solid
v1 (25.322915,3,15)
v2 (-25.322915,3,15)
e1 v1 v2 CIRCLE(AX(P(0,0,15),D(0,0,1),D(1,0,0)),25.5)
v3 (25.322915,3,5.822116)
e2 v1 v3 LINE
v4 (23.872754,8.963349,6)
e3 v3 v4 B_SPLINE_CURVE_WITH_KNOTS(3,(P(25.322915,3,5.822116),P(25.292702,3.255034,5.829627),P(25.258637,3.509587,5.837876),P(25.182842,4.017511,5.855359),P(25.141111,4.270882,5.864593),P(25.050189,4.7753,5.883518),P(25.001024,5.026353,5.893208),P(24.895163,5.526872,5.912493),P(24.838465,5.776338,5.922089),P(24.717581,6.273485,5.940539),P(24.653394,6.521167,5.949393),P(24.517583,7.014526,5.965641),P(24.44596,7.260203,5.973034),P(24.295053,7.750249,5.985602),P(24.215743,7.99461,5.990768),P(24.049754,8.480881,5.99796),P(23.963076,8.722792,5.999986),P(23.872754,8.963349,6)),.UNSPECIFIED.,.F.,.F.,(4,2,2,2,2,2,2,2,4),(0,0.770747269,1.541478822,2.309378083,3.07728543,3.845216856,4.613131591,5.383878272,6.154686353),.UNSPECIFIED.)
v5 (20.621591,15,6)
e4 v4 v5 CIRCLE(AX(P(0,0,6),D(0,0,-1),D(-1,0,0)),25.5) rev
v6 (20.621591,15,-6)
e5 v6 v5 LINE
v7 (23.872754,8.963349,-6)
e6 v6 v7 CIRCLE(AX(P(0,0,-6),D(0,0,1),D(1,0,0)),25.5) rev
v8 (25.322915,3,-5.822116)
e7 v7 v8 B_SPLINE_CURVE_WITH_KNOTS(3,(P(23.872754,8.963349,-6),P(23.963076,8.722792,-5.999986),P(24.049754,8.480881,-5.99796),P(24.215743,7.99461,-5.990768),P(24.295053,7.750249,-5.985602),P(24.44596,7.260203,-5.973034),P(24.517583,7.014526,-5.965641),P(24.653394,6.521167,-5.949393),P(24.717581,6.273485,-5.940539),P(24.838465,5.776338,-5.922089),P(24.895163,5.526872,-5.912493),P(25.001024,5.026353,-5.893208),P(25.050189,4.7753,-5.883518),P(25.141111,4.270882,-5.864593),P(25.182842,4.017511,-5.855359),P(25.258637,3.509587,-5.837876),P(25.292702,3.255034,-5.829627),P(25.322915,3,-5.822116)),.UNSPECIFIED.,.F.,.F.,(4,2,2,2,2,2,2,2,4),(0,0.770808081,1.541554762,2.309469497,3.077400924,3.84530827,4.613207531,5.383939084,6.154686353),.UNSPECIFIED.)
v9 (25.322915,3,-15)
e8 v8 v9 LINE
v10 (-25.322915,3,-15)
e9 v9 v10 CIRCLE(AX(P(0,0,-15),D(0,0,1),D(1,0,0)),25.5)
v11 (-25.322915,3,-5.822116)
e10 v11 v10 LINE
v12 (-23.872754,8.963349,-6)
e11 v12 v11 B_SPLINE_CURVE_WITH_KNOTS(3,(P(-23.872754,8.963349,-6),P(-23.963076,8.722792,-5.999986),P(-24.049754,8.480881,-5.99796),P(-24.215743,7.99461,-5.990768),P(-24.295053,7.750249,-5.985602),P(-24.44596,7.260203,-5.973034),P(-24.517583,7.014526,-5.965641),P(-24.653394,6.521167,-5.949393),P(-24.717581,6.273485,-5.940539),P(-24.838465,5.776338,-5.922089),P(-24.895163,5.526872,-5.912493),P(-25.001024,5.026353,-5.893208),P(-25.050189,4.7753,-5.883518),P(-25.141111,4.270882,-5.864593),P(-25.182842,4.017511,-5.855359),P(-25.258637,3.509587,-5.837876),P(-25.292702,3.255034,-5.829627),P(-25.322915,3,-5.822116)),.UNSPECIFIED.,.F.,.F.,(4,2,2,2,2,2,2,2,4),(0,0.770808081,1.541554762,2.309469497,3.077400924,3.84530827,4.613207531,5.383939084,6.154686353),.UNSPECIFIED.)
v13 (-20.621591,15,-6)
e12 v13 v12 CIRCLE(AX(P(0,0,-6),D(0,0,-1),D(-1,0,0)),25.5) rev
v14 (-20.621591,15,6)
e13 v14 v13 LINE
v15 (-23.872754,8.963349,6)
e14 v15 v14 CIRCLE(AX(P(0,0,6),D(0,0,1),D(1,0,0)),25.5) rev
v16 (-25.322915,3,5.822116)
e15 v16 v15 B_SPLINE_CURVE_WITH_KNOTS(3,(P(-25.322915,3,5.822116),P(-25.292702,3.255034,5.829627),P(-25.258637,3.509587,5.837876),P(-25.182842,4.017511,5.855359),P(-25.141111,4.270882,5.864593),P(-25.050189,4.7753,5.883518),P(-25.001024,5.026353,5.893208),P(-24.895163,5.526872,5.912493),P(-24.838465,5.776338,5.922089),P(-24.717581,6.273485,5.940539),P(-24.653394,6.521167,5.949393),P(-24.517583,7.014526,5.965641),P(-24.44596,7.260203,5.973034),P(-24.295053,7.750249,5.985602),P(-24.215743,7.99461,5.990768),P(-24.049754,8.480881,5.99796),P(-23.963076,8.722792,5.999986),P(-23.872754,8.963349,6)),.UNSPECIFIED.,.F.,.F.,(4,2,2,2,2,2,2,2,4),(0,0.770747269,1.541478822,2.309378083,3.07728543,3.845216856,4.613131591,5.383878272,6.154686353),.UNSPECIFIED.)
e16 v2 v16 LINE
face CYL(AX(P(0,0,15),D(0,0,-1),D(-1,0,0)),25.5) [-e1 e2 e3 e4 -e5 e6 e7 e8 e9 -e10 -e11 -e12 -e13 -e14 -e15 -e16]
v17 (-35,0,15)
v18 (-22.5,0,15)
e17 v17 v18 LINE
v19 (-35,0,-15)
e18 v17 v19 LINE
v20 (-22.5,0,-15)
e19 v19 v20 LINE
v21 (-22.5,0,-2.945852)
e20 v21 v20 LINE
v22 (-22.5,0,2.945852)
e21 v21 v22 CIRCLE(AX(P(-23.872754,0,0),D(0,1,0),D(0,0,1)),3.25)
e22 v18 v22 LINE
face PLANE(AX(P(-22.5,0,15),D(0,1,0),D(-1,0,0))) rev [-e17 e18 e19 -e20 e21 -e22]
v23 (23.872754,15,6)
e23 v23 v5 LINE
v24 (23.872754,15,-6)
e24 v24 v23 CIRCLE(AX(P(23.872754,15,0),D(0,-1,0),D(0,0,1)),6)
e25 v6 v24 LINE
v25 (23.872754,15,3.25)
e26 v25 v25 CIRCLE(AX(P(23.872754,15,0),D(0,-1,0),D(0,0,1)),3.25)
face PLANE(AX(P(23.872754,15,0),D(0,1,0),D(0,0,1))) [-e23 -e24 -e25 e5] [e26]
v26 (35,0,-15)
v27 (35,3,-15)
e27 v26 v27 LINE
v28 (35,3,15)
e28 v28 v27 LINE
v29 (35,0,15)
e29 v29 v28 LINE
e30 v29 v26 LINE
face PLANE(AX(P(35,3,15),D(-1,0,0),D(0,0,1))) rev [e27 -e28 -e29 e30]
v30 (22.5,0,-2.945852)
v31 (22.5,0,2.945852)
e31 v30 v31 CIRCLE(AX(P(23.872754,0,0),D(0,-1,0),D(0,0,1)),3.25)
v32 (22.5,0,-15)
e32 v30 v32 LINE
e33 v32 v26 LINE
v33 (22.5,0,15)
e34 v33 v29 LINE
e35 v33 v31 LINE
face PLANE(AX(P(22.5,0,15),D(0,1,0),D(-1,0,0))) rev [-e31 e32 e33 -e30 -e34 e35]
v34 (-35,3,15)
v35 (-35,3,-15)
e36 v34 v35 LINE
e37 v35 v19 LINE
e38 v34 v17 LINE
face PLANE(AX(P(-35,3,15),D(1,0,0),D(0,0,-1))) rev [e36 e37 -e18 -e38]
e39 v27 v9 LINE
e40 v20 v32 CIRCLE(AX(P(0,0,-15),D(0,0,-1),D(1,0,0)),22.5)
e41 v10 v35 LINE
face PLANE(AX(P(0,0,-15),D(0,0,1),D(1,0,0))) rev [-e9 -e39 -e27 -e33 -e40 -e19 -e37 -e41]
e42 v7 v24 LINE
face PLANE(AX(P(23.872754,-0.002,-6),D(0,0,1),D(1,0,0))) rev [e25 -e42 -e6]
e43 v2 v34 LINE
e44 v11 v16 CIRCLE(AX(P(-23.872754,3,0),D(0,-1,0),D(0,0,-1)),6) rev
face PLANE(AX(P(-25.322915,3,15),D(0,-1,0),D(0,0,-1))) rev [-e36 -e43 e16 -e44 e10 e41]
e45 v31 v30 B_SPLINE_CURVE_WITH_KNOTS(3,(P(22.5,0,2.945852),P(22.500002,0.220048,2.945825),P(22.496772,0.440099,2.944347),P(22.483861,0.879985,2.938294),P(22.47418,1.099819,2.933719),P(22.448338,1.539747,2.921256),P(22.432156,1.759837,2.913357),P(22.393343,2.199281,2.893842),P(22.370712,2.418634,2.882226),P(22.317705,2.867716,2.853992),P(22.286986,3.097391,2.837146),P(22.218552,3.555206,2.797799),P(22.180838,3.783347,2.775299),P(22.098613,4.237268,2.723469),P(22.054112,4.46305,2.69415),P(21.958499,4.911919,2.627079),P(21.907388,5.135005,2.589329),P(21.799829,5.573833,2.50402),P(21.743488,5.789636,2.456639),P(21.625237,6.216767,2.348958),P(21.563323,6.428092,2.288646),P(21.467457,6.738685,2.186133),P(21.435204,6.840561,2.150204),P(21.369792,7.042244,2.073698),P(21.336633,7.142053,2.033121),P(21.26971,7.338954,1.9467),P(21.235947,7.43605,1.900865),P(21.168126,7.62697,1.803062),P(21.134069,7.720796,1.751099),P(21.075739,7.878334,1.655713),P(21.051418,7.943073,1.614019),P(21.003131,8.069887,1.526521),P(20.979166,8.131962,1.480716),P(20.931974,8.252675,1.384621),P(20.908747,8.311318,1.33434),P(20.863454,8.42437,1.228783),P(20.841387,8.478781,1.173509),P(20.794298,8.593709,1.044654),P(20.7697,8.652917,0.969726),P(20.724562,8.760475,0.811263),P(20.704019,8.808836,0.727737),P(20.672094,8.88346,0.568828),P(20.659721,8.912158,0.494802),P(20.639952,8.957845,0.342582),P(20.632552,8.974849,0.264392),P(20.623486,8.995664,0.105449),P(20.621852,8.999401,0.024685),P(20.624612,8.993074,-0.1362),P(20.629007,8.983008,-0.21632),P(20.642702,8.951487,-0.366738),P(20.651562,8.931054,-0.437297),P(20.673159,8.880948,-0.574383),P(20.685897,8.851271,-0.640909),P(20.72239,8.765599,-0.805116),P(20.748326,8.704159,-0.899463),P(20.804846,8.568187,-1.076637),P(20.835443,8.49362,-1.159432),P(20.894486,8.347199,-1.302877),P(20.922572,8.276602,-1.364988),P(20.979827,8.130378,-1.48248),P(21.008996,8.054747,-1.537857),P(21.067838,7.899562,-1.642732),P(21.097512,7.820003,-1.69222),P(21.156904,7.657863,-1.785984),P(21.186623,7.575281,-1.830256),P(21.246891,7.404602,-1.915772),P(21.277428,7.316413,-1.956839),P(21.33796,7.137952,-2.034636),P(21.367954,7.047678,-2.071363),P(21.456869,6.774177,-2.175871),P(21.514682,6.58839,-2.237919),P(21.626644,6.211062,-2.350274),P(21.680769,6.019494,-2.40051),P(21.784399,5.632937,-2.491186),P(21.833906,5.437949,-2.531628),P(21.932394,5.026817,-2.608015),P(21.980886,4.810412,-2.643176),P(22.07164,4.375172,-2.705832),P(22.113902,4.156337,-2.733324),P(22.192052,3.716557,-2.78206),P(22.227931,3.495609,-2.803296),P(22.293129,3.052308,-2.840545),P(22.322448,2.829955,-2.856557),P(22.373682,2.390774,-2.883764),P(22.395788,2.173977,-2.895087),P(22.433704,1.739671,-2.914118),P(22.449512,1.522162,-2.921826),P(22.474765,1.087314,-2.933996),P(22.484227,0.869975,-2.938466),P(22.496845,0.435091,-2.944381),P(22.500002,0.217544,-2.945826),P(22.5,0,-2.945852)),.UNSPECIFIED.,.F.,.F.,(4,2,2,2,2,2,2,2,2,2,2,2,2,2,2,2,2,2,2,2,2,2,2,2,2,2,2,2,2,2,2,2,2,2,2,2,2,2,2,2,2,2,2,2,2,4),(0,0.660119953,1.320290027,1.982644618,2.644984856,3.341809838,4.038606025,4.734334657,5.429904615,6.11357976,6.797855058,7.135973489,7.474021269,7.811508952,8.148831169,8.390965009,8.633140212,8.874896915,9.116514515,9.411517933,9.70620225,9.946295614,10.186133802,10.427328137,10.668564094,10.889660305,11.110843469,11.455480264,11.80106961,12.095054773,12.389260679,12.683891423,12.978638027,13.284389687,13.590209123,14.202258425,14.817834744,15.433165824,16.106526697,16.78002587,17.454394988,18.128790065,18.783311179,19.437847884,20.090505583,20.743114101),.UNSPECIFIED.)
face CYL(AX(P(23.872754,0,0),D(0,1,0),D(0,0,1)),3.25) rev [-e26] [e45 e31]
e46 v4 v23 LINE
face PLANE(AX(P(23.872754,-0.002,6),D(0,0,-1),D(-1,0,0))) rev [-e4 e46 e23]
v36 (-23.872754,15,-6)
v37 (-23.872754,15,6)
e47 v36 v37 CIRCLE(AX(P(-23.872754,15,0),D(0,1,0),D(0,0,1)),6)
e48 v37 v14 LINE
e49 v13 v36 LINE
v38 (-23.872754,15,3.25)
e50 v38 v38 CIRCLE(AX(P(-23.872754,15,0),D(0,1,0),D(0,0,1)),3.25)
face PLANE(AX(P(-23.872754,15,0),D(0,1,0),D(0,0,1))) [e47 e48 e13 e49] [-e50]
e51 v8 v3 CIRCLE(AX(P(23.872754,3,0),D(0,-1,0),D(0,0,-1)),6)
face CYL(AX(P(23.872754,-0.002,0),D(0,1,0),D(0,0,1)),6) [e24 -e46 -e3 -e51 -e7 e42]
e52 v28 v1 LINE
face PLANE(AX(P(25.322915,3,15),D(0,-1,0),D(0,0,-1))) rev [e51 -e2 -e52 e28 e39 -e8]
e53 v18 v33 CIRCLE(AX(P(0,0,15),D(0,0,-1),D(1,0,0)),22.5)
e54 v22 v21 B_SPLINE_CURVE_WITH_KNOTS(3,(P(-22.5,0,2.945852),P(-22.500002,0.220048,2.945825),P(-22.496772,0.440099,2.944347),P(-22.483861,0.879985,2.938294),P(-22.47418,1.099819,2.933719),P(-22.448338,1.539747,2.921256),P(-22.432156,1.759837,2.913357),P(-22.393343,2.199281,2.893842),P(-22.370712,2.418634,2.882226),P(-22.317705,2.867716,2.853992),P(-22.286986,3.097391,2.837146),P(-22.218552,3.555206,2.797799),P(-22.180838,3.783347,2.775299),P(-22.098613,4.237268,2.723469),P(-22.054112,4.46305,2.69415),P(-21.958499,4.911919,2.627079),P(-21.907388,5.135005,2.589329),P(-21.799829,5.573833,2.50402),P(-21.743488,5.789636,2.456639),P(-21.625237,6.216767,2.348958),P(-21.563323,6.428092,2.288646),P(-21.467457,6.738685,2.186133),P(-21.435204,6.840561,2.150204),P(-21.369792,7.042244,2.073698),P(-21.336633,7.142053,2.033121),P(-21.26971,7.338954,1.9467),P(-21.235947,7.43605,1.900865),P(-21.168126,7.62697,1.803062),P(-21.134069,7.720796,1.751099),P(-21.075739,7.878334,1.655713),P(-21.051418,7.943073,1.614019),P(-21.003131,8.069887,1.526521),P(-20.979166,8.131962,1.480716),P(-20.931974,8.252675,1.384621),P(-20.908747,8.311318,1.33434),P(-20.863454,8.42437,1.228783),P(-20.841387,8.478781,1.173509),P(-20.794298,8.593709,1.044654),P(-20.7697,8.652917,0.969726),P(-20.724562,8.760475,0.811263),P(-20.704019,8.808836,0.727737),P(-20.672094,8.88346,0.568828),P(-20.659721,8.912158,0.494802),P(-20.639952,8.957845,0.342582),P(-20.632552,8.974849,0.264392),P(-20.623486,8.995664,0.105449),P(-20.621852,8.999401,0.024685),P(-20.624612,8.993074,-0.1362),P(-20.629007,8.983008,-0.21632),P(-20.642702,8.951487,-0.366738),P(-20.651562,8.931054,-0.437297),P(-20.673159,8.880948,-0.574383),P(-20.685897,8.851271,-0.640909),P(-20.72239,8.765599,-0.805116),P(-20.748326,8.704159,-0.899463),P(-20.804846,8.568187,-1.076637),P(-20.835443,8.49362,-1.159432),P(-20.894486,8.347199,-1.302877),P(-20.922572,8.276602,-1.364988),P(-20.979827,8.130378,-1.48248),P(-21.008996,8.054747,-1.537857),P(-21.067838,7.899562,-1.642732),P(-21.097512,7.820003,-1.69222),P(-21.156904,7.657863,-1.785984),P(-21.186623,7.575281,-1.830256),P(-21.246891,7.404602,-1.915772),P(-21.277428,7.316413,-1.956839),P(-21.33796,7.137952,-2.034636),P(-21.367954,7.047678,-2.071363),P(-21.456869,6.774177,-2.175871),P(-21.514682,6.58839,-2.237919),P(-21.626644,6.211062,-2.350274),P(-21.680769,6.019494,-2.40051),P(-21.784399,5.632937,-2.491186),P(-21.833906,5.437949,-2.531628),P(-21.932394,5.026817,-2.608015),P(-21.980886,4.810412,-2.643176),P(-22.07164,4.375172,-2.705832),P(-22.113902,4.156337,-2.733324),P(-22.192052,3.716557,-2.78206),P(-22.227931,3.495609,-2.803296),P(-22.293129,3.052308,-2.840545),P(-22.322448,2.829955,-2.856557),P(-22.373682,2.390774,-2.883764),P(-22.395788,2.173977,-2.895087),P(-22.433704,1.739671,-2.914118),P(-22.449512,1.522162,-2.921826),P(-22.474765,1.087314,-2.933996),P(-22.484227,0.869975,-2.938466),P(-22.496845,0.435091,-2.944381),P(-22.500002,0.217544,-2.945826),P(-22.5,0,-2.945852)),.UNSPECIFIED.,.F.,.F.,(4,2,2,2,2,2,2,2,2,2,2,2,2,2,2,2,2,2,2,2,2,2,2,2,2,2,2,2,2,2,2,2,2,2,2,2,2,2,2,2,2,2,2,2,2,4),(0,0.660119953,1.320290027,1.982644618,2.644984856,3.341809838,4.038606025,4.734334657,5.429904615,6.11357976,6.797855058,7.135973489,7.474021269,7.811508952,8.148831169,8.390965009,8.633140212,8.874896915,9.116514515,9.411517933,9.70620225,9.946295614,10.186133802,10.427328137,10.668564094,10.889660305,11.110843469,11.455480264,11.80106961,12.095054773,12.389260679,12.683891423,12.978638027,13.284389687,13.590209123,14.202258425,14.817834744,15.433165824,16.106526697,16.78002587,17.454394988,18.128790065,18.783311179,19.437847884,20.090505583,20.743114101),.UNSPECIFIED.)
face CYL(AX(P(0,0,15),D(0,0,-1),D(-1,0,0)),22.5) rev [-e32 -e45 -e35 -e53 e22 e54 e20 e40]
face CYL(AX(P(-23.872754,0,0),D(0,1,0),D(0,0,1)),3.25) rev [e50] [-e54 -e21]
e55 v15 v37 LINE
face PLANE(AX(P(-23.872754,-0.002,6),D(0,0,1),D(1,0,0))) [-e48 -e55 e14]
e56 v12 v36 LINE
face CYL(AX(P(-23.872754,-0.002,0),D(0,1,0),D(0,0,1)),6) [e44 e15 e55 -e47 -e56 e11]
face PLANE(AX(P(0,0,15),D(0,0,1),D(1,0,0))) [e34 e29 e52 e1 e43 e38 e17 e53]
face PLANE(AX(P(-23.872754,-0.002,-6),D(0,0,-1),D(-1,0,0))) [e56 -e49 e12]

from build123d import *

# Parameters (mm, degrees)
BOSS_EXTRUDE4_DEPTH = 15
BOSS_EXTRUDE5_REACH = 42.927
SKETCH8_R           = 3.25
CUT_EXTRUDE1_DEPTH  = 41.926763896


with BuildPart() as part:
    # Sketch2 → Boss-Extrude4 (new, symmetric)
    with BuildSketch(Plane.XY):
        with BuildLine():
            Line((-22.5, 0), (-35, 0))
            Line((-35, 0), (-35, 3))
            Line((-35, 3), (-25.322914524, 3))
            ThreePointArc((-25.322914524, 3), (0, 25.5), (25.322914524, 3))
            Line((25.322914524, 3), (35, 3))
            Line((35, 3), (35, 0))
            Line((35, 0), (22.5, 0))
            ThreePointArc((22.5, 0), (0, 22.5), (-22.5, 0))
        make_face()
    extrude(amount=BOSS_EXTRUDE4_DEPTH, both=True)

    # Sketch5 → Boss-Extrude5 (add, up to next)
    with BuildSketch(Plane(origin=(0, 15, 0), x_dir=(1, 0, 0), z_dir=(0, 1, 0)), mode=Mode.PRIVATE) as boss_extrude5_sk1:
        with BuildLine():
            Line((-23.872753943, 6), (-13.872753943, 6))
            Line((-13.872753943, 6), (-13.872753943, -6))
            Line((-13.872753943, -6), (-23.872753943, -6))
            ThreePointArc((-23.872753943, -6), (-29.872753943, 0), (-23.872753943, 6))
        make_face()
    boss_extrude5_tool1 = extrude(boss_extrude5_sk1.sketch, amount=-BOSS_EXTRUDE5_REACH, mode=Mode.PRIVATE) - part.part
    boss_extrude5 = boss_extrude5_tool1.solids().sort_by_distance((-21.289897, 15, 0))[0]
    add(boss_extrude5)

    # Sketch8 → Cut-Extrude1 (cut, through all)
    with BuildSketch(Plane(origin=(0, 15, 0), x_dir=(1, 0, 0), z_dir=(0, 1, 0))):
        with Locations(Location((-23.872753943, 0, 0), (0, 0, 270))):
            Circle(SKETCH8_R)
    cut_extrude1 = extrude(amount=-CUT_EXTRUDE1_DEPTH, mode=Mode.SUBTRACT)

    # Mirror1: Boss-Extrude5 across plane
    add(boss_extrude5.mirror(Plane(origin=(0, 0, 0), x_dir=(0, 0, 1), z_dir=(1, 0, 0))))

    # Mirror2: Cut-Extrude1 across plane
    add(cut_extrude1.mirror(Plane(origin=(0, 0, 0), x_dir=(0, 0, 1), z_dir=(1, 0, 0))), mode=Mode.SUBTRACT)


solid = part.part
